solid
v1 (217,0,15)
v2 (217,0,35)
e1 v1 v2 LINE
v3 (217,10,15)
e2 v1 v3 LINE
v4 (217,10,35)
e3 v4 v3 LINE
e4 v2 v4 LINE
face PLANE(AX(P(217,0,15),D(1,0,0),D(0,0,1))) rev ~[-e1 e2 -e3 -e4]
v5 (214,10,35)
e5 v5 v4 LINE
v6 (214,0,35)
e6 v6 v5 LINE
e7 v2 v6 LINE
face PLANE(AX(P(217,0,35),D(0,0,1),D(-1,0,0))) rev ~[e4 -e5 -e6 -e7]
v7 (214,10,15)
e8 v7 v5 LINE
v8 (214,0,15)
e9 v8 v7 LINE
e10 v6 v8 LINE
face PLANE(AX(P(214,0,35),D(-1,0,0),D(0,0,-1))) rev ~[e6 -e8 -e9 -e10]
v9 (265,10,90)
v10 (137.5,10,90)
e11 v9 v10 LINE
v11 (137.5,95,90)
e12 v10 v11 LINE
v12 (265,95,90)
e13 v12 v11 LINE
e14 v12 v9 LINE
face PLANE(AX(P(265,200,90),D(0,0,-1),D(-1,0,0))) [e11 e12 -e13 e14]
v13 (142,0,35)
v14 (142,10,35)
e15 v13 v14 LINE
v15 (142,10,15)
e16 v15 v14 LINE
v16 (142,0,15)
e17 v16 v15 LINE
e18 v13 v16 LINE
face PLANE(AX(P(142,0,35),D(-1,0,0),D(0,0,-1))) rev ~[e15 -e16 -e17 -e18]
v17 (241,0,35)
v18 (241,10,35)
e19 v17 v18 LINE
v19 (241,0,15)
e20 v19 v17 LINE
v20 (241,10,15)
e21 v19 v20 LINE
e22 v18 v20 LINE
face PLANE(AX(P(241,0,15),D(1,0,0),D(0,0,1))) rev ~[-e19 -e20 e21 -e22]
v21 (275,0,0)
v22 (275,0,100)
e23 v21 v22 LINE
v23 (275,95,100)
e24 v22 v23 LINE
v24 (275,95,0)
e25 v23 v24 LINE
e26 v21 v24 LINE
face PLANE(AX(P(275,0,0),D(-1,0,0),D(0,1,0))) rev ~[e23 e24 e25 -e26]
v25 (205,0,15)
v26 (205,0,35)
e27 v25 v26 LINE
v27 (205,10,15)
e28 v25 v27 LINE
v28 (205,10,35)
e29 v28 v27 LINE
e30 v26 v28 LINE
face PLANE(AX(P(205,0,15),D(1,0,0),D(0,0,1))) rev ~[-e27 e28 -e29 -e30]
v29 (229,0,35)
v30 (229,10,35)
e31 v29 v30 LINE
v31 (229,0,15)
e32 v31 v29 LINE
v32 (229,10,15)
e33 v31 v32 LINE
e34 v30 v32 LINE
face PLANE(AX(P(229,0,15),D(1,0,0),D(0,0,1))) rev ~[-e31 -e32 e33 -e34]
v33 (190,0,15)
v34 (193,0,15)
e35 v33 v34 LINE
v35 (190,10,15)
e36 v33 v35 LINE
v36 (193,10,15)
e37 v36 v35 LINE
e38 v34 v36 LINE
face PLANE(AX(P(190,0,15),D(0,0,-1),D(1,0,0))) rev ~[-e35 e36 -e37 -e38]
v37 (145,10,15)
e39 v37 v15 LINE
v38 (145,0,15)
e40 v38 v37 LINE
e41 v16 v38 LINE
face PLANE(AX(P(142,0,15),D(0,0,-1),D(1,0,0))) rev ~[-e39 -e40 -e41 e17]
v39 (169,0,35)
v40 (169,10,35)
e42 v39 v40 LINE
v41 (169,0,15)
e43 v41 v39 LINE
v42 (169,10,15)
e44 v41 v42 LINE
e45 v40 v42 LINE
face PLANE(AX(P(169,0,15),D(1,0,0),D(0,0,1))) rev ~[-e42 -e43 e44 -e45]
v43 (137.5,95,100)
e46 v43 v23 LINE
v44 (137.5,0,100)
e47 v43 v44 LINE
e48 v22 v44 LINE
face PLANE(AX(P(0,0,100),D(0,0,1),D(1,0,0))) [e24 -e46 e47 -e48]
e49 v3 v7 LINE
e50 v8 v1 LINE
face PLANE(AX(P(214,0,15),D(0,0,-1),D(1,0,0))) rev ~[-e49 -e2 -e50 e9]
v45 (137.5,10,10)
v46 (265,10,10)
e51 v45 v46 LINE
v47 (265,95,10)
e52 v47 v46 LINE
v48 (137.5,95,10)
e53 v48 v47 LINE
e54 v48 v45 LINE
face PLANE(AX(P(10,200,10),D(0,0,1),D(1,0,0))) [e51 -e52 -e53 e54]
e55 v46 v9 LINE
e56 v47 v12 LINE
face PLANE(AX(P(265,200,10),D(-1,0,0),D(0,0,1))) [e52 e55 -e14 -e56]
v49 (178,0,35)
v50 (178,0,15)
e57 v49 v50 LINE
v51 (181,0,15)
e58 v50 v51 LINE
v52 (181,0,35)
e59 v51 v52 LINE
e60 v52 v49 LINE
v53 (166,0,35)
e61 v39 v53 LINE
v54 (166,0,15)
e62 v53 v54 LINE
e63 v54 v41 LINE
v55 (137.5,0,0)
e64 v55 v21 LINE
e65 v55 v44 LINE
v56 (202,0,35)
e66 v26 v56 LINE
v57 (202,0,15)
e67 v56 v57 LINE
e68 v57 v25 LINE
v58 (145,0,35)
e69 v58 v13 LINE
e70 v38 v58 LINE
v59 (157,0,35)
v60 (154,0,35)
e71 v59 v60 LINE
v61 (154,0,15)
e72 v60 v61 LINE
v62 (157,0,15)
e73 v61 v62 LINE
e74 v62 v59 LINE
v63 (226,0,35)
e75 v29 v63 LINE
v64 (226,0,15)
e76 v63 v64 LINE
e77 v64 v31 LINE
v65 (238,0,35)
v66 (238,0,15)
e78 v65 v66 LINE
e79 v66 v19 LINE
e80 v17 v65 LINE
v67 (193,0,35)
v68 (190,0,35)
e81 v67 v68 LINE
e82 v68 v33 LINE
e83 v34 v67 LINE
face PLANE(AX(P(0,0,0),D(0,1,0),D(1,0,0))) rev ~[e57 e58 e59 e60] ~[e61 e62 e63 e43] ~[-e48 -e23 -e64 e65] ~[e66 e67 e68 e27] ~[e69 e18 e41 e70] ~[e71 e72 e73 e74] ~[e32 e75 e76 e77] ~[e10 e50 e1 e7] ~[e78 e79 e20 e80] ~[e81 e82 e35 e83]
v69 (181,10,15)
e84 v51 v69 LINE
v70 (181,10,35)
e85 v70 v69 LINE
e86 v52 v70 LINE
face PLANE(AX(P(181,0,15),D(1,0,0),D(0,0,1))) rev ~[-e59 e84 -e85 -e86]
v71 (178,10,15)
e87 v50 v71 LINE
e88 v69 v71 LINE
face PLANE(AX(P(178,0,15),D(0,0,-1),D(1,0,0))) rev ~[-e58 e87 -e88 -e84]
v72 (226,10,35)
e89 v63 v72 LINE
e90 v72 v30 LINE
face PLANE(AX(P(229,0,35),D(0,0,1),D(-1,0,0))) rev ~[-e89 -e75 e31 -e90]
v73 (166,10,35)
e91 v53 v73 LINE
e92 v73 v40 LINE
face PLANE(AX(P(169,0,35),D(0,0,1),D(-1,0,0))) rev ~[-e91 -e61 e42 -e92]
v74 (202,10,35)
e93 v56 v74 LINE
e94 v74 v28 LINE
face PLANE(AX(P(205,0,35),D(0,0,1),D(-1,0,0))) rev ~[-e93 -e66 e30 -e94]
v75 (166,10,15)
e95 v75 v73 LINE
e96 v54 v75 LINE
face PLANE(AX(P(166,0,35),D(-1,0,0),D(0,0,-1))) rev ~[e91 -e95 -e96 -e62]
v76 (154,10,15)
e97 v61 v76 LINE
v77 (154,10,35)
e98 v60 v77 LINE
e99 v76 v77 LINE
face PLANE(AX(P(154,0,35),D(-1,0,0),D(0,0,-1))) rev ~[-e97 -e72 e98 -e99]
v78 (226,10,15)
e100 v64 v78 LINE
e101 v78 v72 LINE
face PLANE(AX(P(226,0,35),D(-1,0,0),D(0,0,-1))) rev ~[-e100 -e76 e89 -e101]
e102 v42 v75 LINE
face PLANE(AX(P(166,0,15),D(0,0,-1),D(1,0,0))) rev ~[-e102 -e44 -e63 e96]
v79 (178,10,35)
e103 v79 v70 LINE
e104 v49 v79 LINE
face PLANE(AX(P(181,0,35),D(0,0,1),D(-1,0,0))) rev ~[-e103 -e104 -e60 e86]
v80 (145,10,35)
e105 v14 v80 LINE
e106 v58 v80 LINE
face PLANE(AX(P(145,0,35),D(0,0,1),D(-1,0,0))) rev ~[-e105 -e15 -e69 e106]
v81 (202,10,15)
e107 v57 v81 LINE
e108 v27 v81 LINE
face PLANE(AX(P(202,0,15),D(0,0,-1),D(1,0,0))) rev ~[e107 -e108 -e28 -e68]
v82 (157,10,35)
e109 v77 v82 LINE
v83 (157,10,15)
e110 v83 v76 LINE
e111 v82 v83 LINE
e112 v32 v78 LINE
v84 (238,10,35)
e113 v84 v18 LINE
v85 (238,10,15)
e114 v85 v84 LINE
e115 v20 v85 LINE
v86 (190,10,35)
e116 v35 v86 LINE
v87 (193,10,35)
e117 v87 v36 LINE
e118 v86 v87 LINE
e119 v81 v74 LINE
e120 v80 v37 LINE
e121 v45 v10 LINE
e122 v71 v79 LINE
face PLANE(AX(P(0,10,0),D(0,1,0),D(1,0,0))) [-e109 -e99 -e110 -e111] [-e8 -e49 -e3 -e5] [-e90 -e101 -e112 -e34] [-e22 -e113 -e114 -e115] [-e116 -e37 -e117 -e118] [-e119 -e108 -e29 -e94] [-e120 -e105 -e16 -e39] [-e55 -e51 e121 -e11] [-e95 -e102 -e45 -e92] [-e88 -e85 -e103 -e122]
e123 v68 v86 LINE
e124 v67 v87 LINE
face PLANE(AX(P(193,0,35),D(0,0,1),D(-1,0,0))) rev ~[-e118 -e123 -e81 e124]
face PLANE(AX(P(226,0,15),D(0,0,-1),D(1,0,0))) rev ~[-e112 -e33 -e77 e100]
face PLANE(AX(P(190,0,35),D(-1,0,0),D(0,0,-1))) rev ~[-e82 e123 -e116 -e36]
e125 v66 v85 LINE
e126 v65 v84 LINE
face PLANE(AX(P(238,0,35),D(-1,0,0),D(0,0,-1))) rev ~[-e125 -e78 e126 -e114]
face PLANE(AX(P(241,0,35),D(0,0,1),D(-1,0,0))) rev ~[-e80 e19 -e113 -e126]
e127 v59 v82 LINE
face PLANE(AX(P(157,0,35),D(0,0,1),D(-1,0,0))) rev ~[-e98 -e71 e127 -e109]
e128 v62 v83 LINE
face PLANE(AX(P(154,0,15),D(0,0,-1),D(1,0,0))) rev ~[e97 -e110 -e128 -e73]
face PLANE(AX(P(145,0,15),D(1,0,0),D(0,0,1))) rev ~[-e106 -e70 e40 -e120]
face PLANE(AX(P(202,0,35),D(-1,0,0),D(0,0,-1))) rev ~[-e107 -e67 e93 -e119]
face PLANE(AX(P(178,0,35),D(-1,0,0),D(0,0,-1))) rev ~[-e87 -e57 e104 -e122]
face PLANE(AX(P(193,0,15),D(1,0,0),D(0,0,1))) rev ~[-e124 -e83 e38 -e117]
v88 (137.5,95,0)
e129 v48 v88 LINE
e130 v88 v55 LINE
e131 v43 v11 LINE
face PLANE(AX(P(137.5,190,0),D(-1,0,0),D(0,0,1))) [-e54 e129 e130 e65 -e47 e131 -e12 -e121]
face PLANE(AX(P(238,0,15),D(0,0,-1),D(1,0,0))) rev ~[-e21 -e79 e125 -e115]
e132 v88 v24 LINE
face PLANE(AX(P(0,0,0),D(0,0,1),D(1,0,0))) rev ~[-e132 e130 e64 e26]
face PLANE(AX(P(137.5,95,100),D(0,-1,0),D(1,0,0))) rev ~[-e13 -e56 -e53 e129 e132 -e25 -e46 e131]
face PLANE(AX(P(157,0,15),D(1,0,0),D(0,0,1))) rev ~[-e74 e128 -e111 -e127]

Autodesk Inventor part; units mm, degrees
ref_plane "YZ Plane" through (0, 0, 0) normal (1, 0, 0) x (0, 1, 0)
ref_plane "XZ Plane" through (0, 0, 0) normal (0, 1, 0) x (-1, 0, 0)
ref_plane "XY Plane" through (0, 0, 0) normal (0, 0, 1) x (1, 0, 0)
sketch "Sketch1" plane through (0, 0, 0) normal (0, 0, 1) x (1, 0, 0)
  line L0 (0, 0) -> (275, 0)
  line L1 (275, 0) -> (275, 200)
  line L2 (275, 200) -> (0, 200)
  line L3 (0, 200) -> (0, 0)
  dimension "d0" = 275
  dimension "d1" = 200
extrude "Extrusion1" add sketch "Sketch1" along normal blind 20
sketch "Sketch3" plane through (0, 0, 20) normal (0, 0, 1) x (1, 0, 0)
  line L0 (275, 0) -> (275, 200) projected
  line L1 (0, 200) -> (275, 200)
  line L2 (275, 200) -> (275, 0)
  line L3 (275, 0) -> (0, 0)
  line L4 (0, 0) -> (0, 200)
  point P0 (0, 0)
extrude "Extrusion3" add sketch "Sketch3" along normal blind 80
sketch "Sketch4" plane through (0, 0, 0) normal (0, -1, 0) x (1, 0, 0)
  circle A0 centre (47.5, 50) radius 17.5
  circle A1 centre (227.5, 50) radius 17.5
  line L0 (47.5, 50) -> (227.5, 50) construction
  line L1 (0, 0) -> (0, 100) projected
  line L2 (0, 100) -> (275, 100) projected
  point P0 (0, 50)
  point P1 (137.5, 50)
  point P2 (137.5, 100)
  dimension "d10" = 35
  dimension "d11" = 35
  dimension "d12" = 180
extrude "Extrusion4" cut sketch "Sketch4" against normal blind 100 contours A0
sketch "Sketch5" plane through (0, 200, 0) normal (0, 1, 0) x (1, 0, 0)
  line L0 (275, 0) -> (0, 0) projected
  line L1 (0, 0) -> (0, -100) projected
  line L2 (275, -100) -> (0, -100) projected
  line L3 (275, 0) -> (275, -100) projected
  line L4 (265, -90) -> (10, -90)
  line L5 (10, -90) -> (10, -10)
  line L6 (10, -10) -> (265, -10)
  line L7 (265, -10) -> (265, -90)
  point P0 (0, 0)
  dimension "d15" = 10
extrude "Extrusion5" cut sketch "Sketch5" against normal blind 190 contours L4 L5 L6 L7
sketch "Sketch6" plane through (0, 0, 0) normal (-1, 0, 0) x (0, 0, 1)
  line L0 (0, 200) -> (100, 200) projected
  line L1 (0, 200) -> (0, 0) projected
  line L2 (100, 200) -> (0, 200)
  line L3 (0, 200) -> (0, 190)
  line L4 (0, 190) -> (100, 190)
  line L5 (100, 190) -> (100, 200)
  dimension "d18" = 10
extrude "Extrusion6" cut sketch "Sketch6" against normal through all
sketch "Sketch7" plane through (0, 190, 100) normal (0, 1, 0) x (1, 0, 0)
  line L0 (275, 100) -> (275, 0) construction
  line L1 (0, 100) -> (275, 100) construction
  line L2 (0, 0) -> (0, 100) construction
  line L3 (275, 0) -> (0, 0) construction
  line L4 (265, 10) -> (265, 90) construction
  line L5 (10, 10) -> (265, 10) construction
  line L6 (10, 90) -> (10, 10) construction
  line L7 (265, 90) -> (10, 90) construction
  line L8 (270, 5) -> (270, 95) construction
  line L9 (270, 95) -> (5, 95) construction
  line L10 (5, 95) -> (5, 5) construction
  line L11 (5, 5) -> (270, 5) construction
  circle A0 centre (270, 5) radius 2.5
  circle A1 centre (270, 95) radius 2.5
  circle A2 centre (5, 95) radius 2.5
  circle A3 centre (5, 5) radius 2.5
  point P0 (0, 100)
  dimension "d21" = 5
  dimension "d22" = 5
  dimension "d23" = 5
  dimension "d24" = 5
  dimension "d25" = 5
extrude "Extrusion7" cut sketch "Sketch7" against normal blind 25
sketch "Sketch8" plane through (0, 0, 0) normal (0, -1, 0) x (1, 0, 0)
  line L0 (82, 15) -> (85, 15)
  line L1 (85, 15) -> (85, 35)
  line L2 (85, 35) -> (82, 35)
  line L3 (82, 35) -> (82, 15)
  line L4 (0, 0) -> (0, 100) projected
  line L5 (0, 0) -> (275, 0) projected
  line L6 (97, 15) -> (97, 35)
  line L7 (97, 35) -> (94, 35)
  line L8 (94, 35) -> (94, 15)
  line L9 (94, 15) -> (97, 15)
  line L10 (109, 15) -> (109, 35)
  line L11 (109, 35) -> (106, 35)
  line L12 (106, 35) -> (106, 15)
  line L13 (106, 15) -> (109, 15)
  line L14 (121, 15) -> (121, 35)
  line L15 (121, 35) -> (118, 35)
  line L16 (118, 35) -> (118, 15)
  line L17 (118, 15) -> (121, 15)
  line L18 (133, 15) -> (133, 35)
  line L19 (133, 35) -> (130, 35)
  line L20 (130, 35) -> (130, 15)
  line L21 (130, 15) -> (133, 15)
  line L22 (145, 15) -> (145, 35)
  line L23 (145, 35) -> (142, 35)
  line L24 (142, 35) -> (142, 15)
  line L25 (142, 15) -> (145, 15)
  line L26 (157, 15) -> (157, 35)
  line L27 (157, 35) -> (154, 35)
  line L28 (154, 35) -> (154, 15)
  line L29 (154, 15) -> (157, 15)
  line L30 (169, 15) -> (169, 35)
  line L31 (169, 35) -> (166, 35)
  line L32 (166, 35) -> (166, 15)
  line L33 (166, 15) -> (169, 15)
  line L34 (181, 15) -> (181, 35)
  line L35 (181, 35) -> (178, 35)
  line L36 (178, 35) -> (178, 15)
  line L37 (178, 15) -> (181, 15)
  line L38 (193, 15) -> (193, 35)
  line L39 (193, 35) -> (190, 35)
  line L40 (190, 35) -> (190, 15)
  line L41 (190, 15) -> (193, 15)
  line L42 (205, 15) -> (205, 35)
  line L43 (205, 35) -> (202, 35)
  line L44 (202, 35) -> (202, 15)
  line L45 (202, 15) -> (205, 15)
  line L46 (217, 15) -> (217, 35)
  line L47 (217, 35) -> (214, 35)
  line L48 (214, 35) -> (214, 15)
  line L49 (214, 15) -> (217, 15)
  line L50 (229, 15) -> (229, 35)
  line L51 (229, 35) -> (226, 35)
  line L52 (226, 35) -> (226, 15)
  line L53 (226, 15) -> (229, 15)
  line L54 (241, 15) -> (241, 35)
  line L55 (241, 35) -> (238, 35)
  line L56 (238, 35) -> (238, 15)
  line L57 (238, 15) -> (241, 15)
  dimension "d28" = 3
  dimension "d29" = 20
  dimension "d30" = 82
  dimension "d31" = 15
  dimension "d34" = 12
extrude "Extrusion8" cut sketch "Sketch8" against normal through all
sketch "Sketch2" plane through (275, 0, 100) normal (1, 0, 0) x (0, 0, -1)
  circle A0 centre (70, 125) radius 3
  line L0 (100, 0) -> (0, 0) projected
  line L1 (100, 0) -> (100, 190) projected
  dimension "d4" = 6
  dimension "d45" = 125
  dimension "d46" = 30
extrude "Extrusion2" cut sketch "Sketch2" against normal through all
sketch "Sketch10" plane through (0, 190, 100) normal (0, 1, 0) x (1, 0, 0)
  line L0 (0, 100) -> (275, 100) projected
  line L1 (275, 0) -> (0, 0) projected
  line L2 (0, 100) -> (137.5, 100)
  line L3 (137.5, 100) -> (137.5, 0)
  line L4 (137.5, 0) -> (0, 0)
  line L5 (0, 0) -> (0, 100)
extrude "Extrusion10" cut sketch "Sketch10" against normal through all
sketch "Sketch12" plane through (0, 0, 100) normal (0, 0, 1) x (1, 0, 0)
  line L0 (275, 0) -> (275, 190) projected
  line L1 (137.5, 190) -> (137.5, 0) projected
  line L2 (275, 190) -> (137.5, 190)
  line L3 (137.5, 190) -> (137.5, 95)
  line L4 (137.5, 95) -> (275, 95)
  line L5 (275, 95) -> (275, 190)
  point P0 (0, 0)
  dimension "d49" = 95
extrude "Extrusion11" cut sketch "Sketch12" against normal through all
properties part number "HA005" material "ABS Plastic"
